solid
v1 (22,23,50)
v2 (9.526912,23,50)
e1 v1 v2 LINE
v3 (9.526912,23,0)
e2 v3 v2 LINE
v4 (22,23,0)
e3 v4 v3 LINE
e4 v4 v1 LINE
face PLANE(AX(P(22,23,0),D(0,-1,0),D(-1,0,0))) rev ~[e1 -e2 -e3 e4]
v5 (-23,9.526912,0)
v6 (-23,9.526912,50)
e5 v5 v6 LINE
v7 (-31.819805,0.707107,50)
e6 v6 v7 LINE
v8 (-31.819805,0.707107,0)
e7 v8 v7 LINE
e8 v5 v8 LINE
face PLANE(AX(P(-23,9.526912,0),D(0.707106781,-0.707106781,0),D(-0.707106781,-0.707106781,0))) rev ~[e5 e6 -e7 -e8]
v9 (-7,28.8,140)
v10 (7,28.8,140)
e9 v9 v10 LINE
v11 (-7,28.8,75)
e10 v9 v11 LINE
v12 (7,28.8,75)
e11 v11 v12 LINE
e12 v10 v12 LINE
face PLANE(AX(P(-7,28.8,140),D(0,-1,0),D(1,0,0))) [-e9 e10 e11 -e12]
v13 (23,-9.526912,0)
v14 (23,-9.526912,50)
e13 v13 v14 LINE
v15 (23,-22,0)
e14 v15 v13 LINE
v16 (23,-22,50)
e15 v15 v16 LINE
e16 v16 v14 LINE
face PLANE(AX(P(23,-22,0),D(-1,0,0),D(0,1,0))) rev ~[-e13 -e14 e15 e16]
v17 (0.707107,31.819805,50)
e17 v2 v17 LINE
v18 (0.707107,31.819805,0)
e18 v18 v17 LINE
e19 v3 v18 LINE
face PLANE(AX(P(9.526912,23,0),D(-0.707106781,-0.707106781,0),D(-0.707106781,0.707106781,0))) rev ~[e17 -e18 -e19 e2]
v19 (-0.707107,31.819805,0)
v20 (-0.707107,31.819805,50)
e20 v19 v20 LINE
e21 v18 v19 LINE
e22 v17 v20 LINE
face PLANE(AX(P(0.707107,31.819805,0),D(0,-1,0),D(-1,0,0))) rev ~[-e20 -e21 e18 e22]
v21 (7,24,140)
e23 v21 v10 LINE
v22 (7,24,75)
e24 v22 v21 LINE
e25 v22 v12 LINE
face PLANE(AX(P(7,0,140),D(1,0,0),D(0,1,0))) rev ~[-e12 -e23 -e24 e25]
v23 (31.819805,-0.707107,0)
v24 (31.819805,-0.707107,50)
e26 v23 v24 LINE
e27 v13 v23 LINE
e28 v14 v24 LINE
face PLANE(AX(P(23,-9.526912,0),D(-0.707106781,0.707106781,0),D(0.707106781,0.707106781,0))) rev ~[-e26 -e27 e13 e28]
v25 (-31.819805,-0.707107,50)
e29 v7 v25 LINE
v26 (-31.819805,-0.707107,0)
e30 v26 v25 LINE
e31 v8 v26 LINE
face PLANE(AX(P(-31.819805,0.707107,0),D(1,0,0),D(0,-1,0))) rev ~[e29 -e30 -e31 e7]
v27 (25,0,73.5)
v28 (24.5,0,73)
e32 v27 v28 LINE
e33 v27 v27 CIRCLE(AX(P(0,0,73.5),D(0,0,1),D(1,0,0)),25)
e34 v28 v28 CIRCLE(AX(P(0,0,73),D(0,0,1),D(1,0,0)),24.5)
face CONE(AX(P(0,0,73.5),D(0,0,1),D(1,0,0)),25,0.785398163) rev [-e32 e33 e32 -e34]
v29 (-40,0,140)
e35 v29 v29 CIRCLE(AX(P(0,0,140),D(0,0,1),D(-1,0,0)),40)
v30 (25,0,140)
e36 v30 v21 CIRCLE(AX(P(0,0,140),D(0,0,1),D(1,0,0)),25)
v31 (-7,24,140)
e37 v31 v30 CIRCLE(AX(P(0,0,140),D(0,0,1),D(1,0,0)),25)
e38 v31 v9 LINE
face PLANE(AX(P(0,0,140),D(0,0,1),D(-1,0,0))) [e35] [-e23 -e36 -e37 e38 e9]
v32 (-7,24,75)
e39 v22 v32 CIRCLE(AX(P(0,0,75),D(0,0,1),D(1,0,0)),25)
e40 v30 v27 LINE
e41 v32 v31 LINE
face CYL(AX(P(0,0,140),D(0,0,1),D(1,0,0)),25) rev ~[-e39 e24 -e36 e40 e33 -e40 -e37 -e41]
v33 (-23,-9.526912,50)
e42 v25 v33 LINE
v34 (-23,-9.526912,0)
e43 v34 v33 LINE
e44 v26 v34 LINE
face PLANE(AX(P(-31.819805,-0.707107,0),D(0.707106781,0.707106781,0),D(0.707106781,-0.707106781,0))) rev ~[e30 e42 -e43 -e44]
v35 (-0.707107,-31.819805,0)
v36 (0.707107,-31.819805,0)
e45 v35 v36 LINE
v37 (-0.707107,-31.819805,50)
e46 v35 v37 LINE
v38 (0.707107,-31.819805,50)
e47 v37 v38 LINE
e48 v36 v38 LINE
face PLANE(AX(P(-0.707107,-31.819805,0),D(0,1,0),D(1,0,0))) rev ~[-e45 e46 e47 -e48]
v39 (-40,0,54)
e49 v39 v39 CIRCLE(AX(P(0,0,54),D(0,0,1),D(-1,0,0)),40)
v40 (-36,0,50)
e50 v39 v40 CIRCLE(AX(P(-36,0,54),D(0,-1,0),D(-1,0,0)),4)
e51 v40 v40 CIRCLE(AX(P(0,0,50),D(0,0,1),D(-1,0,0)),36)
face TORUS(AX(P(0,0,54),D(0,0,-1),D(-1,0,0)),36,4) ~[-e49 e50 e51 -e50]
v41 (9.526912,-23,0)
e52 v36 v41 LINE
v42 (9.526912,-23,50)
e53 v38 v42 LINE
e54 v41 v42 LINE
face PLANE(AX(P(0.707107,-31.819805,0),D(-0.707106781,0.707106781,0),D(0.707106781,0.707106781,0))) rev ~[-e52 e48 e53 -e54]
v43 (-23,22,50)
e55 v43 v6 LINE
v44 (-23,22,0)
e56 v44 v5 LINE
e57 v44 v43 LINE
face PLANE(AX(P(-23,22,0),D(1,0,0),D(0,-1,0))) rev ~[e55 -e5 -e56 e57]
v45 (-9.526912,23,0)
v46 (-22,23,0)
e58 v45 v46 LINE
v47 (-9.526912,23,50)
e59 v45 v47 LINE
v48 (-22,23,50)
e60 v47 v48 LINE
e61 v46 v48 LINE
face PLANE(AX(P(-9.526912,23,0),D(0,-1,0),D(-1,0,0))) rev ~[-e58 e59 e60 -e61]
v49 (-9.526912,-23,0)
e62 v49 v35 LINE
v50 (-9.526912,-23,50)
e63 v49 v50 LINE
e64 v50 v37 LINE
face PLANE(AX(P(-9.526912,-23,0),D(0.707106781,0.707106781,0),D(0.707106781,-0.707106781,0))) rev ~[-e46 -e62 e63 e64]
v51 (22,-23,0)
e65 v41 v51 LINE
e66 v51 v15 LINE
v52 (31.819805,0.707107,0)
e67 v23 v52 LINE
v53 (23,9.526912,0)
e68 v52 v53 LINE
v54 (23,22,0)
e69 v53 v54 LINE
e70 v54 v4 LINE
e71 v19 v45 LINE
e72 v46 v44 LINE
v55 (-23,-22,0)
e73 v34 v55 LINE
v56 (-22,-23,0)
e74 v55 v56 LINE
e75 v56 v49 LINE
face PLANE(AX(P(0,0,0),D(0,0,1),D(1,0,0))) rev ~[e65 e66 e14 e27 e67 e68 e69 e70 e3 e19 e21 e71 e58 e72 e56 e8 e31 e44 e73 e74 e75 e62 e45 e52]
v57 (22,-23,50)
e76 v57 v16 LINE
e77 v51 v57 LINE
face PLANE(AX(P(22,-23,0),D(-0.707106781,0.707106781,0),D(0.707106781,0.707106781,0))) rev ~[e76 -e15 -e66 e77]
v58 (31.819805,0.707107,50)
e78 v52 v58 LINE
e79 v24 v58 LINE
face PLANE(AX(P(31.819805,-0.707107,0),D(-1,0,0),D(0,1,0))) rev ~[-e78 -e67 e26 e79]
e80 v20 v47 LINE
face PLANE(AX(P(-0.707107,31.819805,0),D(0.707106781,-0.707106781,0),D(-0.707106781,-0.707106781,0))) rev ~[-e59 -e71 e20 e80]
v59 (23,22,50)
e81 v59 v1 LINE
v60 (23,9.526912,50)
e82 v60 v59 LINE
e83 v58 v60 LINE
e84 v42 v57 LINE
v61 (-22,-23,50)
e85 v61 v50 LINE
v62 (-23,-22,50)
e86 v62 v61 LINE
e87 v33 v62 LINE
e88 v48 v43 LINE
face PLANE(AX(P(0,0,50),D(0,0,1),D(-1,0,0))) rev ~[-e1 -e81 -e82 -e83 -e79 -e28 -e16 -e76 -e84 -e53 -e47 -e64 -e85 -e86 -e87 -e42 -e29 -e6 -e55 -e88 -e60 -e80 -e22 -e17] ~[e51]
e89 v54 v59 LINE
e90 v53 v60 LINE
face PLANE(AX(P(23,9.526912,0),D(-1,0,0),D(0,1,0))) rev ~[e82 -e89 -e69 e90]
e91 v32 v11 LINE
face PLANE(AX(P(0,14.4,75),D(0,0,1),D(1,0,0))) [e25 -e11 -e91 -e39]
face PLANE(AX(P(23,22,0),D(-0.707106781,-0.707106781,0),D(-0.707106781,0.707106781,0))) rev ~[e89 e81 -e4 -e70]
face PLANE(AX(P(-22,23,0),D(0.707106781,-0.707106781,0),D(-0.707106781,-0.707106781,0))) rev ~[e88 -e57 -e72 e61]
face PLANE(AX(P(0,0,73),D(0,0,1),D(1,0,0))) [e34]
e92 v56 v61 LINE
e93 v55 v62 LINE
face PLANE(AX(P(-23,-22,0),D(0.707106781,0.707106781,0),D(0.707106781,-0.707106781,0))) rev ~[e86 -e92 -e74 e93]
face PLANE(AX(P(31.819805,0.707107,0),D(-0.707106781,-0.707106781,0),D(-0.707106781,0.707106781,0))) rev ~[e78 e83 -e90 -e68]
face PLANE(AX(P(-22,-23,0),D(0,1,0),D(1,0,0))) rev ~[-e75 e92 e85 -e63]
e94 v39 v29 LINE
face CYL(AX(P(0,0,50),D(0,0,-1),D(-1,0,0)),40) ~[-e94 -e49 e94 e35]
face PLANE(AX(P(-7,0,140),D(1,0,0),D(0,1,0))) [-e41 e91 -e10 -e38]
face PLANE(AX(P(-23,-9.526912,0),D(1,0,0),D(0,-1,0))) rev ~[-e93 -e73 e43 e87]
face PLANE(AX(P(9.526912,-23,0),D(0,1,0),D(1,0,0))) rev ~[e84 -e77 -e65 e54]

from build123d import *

# Parameters (mm, degrees)
BOSS_EXTRUDE1_DEPTH = 50
SKETCH2_R           = 40
BOSS_EXTRUDE2_DEPTH = 90
SKETCH3_R           = 25
CUT_EXTRUDE1_DEPTH  = 67
SKETCH4_W           = 14
SKETCH4_H           = 28.8
CUT_EXTRUDE2_DEPTH  = 65
FILLET1_R           = 4
CHAMFER1_SIZE       = 0.5


with BuildPart() as part:
    # Sketch1 → Boss-Extrude1 (new body)
    with BuildSketch(Plane.XY):
        Polygon((0.707106781, -31.819805153), (9.526911935, -23), (22, -23), (23, -22), (23, -9.526911935), (31.819805153, -0.707106781), (31.819805153, 0.707106781), (23, 9.526911935), (23, 22), (22, 23), (9.526911935, 23), (0.707106781, 31.819805153), (-0.707106781, 31.819805153), (-9.526911935, 23), (-22, 23), (-23, 22), (-23, 9.526911935), (-31.819805153, 0.707106781), (-31.819805153, -0.707106781), (-23, -9.526911935), (-23, -22), (-22, -23), (-9.526911935, -23), (-0.707106781, -31.819805153), align=None)
    extrude(amount=BOSS_EXTRUDE1_DEPTH)

    # Sketch2 → Boss-Extrude2 (add)
    with BuildSketch(Plane.XY.offset(50)):
        with Locations(Location((0, 0, 0), (0, 0, 180))):
            Circle(SKETCH2_R)
    extrude(amount=BOSS_EXTRUDE2_DEPTH)

    # Sketch3 → Cut-Extrude1 (cut)
    with BuildSketch(Plane.XY.offset(140)):
        Circle(SKETCH3_R)
    extrude(amount=-CUT_EXTRUDE1_DEPTH, mode=Mode.SUBTRACT)

    # Sketch4 → Cut-Extrude2 (cut)
    with BuildSketch(Plane.XY.offset(140)):
        with Locations((0, 14.4)):
            Rectangle(SKETCH4_W, SKETCH4_H)
    extrude(amount=-CUT_EXTRUDE2_DEPTH, mode=Mode.SUBTRACT)

    # Fillet1
    fillet1_edges = [part.edges().sort_by_distance(p)[0] for p in [
        (40, 0, 50),
    ]]
    fillet(fillet1_edges, radius=FILLET1_R)

    # Chamfer1
    chamfer1_edges = [part.edges().sort_by_distance(p)[0] for p in [
        (-25, 0, 73),
    ]]
    chamfer(chamfer1_edges, length=CHAMFER1_SIZE)


solid = part.part
